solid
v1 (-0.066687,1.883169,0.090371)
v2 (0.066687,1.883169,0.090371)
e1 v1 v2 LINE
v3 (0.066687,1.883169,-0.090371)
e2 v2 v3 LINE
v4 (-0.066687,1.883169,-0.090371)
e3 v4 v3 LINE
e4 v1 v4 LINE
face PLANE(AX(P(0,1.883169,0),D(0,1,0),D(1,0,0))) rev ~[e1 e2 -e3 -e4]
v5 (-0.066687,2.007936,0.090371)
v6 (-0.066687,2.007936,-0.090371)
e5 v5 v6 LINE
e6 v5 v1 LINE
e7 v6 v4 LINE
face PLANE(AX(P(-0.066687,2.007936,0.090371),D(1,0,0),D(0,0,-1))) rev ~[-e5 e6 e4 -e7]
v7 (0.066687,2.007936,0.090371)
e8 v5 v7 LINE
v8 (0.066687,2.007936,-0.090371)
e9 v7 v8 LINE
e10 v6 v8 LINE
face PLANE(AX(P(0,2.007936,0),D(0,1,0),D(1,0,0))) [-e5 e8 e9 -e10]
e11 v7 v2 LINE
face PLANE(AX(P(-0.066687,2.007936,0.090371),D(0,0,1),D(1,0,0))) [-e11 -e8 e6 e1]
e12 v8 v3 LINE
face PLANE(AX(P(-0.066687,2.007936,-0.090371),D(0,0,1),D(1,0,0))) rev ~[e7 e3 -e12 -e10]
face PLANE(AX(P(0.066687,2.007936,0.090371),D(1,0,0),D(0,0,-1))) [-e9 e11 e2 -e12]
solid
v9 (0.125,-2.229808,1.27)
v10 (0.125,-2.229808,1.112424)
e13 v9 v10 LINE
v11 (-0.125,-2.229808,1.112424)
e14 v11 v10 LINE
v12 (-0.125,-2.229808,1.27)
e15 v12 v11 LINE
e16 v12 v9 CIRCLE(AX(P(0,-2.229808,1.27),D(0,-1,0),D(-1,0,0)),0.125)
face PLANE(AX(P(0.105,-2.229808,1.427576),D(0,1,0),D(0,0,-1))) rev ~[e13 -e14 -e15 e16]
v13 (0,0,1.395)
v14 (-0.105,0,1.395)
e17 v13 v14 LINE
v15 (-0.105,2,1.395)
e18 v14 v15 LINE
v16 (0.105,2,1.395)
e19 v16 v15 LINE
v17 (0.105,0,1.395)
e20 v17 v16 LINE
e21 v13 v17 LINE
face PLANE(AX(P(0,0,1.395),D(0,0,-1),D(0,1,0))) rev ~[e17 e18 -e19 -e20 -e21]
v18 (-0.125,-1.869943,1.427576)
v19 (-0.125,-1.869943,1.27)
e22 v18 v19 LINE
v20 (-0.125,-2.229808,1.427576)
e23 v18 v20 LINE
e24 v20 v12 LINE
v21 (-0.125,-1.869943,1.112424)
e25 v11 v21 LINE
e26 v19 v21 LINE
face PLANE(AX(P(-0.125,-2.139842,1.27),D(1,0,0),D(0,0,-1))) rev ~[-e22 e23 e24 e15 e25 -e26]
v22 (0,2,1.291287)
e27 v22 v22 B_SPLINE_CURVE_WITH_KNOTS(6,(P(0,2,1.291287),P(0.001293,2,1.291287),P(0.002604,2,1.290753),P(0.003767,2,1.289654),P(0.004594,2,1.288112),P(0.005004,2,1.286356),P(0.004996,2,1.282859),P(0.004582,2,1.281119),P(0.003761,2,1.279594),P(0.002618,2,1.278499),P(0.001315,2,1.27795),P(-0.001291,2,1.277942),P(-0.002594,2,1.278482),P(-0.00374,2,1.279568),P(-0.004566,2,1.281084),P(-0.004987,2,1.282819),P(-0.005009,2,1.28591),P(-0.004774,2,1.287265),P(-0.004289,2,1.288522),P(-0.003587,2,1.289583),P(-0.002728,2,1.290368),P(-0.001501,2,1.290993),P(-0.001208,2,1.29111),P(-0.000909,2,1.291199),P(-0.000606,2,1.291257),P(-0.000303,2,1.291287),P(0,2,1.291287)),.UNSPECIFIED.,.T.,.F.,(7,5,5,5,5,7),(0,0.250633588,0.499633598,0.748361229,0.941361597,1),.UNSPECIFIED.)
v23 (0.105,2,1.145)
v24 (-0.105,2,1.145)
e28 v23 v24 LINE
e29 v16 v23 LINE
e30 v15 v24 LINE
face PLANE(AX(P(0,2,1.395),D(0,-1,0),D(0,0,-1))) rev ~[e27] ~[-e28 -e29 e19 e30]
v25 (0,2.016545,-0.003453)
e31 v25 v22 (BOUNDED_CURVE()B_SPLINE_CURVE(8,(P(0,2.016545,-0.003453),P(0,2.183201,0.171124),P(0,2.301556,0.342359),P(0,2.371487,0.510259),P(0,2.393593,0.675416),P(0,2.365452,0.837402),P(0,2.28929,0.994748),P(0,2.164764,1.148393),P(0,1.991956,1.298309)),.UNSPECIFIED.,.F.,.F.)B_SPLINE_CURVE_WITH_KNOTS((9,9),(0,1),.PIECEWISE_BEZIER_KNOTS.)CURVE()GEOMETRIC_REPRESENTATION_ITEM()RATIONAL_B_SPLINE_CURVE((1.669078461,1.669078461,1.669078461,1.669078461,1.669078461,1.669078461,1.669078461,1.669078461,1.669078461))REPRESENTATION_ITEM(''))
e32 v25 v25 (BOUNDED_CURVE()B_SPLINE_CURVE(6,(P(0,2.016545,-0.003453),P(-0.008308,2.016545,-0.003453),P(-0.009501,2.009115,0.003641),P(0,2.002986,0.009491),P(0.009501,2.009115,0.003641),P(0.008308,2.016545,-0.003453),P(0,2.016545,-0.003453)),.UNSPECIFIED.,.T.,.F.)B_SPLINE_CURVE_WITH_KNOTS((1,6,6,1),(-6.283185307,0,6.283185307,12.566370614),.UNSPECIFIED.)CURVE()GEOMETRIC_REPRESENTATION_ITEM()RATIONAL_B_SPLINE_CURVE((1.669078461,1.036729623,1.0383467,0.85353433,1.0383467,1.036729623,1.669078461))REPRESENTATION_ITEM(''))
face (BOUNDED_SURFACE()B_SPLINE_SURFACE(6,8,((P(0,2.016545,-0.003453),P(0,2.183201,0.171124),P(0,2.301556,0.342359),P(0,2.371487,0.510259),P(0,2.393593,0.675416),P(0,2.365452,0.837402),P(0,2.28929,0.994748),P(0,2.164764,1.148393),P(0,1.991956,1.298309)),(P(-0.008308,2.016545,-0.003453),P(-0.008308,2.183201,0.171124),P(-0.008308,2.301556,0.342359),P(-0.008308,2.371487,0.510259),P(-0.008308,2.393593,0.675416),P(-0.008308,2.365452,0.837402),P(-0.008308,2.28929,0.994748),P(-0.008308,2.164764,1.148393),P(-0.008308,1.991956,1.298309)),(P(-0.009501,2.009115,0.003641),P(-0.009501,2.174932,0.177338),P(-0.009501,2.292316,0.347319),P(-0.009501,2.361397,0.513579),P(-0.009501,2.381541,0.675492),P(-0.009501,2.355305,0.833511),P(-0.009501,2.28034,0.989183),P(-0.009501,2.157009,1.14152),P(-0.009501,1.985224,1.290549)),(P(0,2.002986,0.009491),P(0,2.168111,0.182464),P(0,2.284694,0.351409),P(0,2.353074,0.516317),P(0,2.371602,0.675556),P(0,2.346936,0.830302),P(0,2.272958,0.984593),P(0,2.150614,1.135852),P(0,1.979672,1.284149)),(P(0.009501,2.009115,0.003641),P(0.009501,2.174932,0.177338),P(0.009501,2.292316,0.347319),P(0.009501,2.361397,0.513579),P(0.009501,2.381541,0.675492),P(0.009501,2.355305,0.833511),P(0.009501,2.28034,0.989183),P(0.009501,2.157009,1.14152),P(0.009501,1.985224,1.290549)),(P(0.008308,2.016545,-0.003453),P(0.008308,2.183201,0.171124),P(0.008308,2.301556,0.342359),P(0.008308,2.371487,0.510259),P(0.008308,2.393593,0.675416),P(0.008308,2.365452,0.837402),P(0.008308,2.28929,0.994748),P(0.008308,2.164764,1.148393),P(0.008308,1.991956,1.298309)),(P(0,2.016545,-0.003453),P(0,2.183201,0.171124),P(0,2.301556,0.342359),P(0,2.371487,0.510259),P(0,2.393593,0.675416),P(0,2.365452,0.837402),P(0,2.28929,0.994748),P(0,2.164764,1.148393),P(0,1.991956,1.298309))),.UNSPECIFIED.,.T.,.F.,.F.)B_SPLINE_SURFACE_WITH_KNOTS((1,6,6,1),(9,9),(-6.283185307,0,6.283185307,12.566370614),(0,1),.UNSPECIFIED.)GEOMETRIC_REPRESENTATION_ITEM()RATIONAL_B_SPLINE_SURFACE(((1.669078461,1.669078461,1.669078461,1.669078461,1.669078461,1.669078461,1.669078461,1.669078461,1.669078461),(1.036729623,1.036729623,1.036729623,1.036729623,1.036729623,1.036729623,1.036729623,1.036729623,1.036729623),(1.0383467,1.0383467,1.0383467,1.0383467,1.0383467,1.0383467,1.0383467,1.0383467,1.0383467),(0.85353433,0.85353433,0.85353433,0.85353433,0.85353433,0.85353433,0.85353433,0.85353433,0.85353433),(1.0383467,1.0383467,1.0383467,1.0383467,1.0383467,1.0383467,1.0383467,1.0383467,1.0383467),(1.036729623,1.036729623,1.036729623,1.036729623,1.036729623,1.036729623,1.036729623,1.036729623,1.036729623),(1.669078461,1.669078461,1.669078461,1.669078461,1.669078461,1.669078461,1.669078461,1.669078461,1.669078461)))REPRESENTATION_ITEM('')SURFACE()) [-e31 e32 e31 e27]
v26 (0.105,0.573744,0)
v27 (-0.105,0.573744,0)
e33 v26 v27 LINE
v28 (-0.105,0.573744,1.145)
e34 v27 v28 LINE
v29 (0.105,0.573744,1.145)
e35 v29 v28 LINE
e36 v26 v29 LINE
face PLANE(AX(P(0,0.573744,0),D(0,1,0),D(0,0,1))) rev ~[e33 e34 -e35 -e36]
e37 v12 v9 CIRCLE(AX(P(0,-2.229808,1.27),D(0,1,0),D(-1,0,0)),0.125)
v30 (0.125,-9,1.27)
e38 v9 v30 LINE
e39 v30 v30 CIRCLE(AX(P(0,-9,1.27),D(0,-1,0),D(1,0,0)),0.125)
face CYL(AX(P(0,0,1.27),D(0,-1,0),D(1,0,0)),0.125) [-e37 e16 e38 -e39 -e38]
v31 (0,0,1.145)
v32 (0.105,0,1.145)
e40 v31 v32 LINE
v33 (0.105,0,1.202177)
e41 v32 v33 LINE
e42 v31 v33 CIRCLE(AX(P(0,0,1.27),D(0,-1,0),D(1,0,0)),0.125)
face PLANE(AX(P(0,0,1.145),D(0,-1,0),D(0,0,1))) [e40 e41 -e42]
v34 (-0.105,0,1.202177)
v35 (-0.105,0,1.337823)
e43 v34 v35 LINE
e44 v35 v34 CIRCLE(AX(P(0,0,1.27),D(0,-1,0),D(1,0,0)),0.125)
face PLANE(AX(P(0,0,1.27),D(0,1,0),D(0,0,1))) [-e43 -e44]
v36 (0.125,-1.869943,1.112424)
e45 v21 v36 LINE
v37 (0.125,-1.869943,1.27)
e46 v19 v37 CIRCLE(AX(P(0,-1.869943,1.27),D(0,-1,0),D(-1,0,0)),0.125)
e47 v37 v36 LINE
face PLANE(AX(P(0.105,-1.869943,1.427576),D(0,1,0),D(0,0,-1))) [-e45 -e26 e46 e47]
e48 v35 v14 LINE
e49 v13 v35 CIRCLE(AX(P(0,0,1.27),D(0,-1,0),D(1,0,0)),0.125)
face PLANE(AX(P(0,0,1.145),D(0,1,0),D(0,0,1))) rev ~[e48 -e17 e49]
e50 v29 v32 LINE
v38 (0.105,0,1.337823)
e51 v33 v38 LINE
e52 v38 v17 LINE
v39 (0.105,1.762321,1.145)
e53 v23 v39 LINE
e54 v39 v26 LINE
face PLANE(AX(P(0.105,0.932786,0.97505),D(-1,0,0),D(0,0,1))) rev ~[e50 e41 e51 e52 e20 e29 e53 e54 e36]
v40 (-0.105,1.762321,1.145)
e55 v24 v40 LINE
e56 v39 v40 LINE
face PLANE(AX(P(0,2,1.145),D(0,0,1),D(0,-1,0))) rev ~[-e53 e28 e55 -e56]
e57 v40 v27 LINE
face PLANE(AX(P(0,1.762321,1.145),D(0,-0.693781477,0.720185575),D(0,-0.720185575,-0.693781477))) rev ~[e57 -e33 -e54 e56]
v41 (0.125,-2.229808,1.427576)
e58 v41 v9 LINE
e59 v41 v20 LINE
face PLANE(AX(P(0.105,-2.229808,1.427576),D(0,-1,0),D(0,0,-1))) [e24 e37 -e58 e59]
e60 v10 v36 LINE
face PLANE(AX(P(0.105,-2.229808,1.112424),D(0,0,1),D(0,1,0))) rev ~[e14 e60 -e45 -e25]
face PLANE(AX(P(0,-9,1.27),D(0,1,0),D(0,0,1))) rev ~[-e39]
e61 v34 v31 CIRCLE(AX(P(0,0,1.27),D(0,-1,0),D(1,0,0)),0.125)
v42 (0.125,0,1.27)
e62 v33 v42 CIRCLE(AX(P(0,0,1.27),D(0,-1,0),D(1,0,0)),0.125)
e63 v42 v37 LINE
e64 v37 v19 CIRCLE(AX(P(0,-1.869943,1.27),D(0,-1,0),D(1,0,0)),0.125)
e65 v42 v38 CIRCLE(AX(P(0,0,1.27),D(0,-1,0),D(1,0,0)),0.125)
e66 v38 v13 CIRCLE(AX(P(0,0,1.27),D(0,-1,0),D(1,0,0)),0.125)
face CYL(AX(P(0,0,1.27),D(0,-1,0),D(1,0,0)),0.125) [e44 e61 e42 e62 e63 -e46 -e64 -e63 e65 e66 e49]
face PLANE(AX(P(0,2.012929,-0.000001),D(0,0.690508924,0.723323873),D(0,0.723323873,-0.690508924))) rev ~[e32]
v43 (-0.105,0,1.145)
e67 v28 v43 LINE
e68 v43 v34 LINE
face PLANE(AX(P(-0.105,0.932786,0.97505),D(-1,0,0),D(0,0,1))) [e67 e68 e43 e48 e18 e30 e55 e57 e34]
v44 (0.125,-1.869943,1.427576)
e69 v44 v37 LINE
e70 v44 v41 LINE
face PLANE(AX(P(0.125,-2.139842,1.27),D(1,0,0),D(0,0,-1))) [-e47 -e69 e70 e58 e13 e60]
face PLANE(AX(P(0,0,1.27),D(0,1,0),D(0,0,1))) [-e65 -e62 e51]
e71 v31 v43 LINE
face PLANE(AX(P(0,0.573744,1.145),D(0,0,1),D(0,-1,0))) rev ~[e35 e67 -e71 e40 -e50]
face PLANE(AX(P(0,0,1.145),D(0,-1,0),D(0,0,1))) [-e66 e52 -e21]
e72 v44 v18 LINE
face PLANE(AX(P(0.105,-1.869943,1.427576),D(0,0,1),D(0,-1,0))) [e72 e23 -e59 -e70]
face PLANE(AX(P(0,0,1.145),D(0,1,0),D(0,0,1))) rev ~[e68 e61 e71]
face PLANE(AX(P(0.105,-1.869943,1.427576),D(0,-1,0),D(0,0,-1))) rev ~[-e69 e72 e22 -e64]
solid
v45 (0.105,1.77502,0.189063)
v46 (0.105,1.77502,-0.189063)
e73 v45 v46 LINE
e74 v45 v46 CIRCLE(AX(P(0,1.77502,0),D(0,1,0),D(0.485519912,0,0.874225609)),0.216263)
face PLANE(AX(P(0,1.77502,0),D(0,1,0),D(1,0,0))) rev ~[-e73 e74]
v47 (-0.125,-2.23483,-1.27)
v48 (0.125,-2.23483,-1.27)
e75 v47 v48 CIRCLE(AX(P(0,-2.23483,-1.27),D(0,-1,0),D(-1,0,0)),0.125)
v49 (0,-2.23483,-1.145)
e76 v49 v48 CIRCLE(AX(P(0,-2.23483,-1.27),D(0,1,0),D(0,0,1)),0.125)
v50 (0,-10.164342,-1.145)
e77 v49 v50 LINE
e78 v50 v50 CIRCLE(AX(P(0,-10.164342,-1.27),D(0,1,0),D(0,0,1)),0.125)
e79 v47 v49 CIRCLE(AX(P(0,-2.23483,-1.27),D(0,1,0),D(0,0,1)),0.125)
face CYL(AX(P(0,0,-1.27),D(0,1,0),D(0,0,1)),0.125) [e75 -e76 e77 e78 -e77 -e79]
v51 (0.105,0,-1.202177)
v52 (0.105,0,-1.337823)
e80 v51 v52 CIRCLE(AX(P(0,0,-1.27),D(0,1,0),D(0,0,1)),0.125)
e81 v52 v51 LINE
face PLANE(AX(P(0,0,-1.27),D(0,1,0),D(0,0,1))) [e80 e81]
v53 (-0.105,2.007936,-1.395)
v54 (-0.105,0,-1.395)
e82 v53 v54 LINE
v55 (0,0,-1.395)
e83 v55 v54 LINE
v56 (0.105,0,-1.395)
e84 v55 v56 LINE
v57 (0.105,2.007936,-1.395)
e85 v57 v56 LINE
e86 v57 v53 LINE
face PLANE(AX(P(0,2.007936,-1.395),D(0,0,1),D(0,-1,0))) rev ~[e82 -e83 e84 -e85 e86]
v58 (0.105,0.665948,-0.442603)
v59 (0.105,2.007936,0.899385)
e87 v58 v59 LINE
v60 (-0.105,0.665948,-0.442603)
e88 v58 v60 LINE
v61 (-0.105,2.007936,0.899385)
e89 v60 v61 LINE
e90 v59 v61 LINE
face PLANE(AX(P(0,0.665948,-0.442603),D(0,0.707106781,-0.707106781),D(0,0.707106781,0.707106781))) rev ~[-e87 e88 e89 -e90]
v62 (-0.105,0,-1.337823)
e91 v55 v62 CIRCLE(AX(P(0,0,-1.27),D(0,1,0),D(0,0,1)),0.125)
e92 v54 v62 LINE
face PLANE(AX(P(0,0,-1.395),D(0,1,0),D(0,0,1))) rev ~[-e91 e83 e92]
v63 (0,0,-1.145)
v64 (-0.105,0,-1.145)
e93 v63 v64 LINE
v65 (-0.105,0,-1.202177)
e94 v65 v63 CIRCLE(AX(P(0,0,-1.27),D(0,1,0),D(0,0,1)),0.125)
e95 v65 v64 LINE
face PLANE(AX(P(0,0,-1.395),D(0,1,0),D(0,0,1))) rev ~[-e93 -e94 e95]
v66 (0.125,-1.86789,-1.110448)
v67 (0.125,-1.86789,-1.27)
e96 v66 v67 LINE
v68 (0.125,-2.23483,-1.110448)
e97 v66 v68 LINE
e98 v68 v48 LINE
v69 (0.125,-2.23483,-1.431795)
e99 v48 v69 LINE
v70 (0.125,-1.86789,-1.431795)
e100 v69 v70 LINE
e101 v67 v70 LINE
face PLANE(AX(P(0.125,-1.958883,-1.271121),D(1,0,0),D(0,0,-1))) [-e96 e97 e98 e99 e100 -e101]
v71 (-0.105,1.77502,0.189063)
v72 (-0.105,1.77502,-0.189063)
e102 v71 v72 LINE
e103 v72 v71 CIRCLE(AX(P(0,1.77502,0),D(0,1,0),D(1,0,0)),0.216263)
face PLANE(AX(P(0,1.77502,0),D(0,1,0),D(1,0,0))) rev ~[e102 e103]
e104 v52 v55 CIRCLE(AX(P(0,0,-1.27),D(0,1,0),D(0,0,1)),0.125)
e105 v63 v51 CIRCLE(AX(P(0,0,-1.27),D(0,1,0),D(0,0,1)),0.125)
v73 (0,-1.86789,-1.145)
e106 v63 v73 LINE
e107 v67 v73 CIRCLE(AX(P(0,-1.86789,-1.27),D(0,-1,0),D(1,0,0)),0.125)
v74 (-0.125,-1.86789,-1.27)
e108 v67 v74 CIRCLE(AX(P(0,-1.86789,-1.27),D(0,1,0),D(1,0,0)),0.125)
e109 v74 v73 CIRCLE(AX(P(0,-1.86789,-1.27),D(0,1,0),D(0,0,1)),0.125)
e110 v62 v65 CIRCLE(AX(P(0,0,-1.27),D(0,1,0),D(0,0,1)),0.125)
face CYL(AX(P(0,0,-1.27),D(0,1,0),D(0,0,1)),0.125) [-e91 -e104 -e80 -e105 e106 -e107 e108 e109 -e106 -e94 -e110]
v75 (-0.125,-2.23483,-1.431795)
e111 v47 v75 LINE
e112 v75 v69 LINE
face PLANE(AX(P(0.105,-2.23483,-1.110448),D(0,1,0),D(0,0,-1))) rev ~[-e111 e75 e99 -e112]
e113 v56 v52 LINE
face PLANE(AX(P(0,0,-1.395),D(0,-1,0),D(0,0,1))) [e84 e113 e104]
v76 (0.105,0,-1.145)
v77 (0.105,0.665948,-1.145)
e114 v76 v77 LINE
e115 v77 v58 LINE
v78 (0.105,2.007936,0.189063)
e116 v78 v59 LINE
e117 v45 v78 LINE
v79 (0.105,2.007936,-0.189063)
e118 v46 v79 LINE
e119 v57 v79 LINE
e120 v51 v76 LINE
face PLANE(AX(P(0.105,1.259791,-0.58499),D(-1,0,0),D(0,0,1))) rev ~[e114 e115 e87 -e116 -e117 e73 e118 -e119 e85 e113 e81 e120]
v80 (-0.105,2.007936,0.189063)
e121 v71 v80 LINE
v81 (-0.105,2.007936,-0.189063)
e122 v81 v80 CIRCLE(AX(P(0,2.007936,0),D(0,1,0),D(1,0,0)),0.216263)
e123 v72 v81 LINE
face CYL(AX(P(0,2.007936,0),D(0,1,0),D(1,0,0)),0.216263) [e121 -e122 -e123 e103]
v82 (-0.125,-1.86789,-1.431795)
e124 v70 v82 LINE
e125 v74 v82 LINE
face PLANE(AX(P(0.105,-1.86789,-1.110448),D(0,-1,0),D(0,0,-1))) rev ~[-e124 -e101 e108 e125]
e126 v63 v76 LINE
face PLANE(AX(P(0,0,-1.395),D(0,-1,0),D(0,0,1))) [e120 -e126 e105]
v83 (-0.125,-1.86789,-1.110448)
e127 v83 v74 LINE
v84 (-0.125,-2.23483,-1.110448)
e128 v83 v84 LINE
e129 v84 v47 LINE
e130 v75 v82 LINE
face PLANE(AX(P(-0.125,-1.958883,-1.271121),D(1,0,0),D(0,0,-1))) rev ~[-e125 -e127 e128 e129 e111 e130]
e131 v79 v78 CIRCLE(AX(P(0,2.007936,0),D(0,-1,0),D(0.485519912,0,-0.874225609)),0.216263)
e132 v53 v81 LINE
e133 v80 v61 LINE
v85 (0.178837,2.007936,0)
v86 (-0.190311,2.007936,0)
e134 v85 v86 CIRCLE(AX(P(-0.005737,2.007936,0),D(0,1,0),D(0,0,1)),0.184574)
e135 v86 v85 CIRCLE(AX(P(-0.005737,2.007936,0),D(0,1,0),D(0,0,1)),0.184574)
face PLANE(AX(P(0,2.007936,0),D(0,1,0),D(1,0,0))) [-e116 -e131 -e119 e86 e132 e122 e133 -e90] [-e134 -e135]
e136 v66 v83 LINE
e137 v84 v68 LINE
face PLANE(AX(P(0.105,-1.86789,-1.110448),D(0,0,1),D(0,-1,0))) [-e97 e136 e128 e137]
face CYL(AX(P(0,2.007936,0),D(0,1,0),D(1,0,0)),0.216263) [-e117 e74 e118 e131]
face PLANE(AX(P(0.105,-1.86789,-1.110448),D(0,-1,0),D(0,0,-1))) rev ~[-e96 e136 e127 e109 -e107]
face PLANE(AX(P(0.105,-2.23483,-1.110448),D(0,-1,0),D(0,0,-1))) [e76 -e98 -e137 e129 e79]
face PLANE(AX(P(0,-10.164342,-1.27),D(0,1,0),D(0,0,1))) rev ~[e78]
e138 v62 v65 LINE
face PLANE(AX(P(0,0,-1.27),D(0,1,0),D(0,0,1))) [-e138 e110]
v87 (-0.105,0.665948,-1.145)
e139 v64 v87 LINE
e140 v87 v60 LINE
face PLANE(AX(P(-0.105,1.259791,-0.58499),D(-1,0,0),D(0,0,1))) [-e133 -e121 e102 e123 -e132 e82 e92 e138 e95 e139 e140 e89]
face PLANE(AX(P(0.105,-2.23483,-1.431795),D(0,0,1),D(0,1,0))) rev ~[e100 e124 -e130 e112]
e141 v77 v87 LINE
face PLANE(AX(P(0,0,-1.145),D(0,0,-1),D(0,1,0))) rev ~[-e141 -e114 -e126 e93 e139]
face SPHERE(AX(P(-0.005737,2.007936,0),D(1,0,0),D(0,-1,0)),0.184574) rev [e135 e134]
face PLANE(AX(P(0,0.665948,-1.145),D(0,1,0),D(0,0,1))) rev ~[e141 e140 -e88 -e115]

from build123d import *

# Parameters (mm, degrees)
SKETCH8_R                = 0.125
SKETCH10_R               = 0.125
BOSS_EXTRUDE2_DEPTH      = 10.164342442
BOSS_EXTRUDE4_DEPTH      = 0.105
BOSS_EXTRUDE4_DEPTH_BACK = 0.105
BOSS_EXTRUDE5_DEPTH      = 0.105
BOSS_EXTRUDE5_DEPTH_BACK = 0.105
SKETCH14_R               = 0.216263015
BOSS_EXTRUDE6_DEPTH      = 0.232915775
SKETCH18_W               = 0.133374126
SKETCH18_H               = 0.180742016
BOSS_EXTRUDE7_DEPTH      = 0.124766687
SWEEP2_PROFILE_R         = 0.005
SKETCH44_W               = 0.315151076
SKETCH44_H               = 0.179932759
SKETCH44_H_2             = 0.179932758
SKETCH44_W_2             = 0.321347092
SKETCH44_H_3             = 0.181986043
SKETCH44_H_4             = 0.184954596
BOSS_EXTRUDE8_DEPTH      = 0.02
BOSS_EXTRUDE8_DEPTH_BACK = 0.23


with BuildPart() as part:
    # Sweep1: sweep along a path in Sketch1
    with BuildLine(Plane(origin=(0, 0, 0), x_dir=(0, 0, -1), z_dir=(1, 0, 0))) as sweep1_path:
        Line((-1.27, 0), (-1.27, -9))
    # Sketch8 → Sweep1 (sweep)
    with BuildSketch(Plane(origin=(0, 0, 0), x_dir=(1, 0, 0), z_dir=(0, 1, 0))):
        with Locations((0, -1.27)):
            Circle(SKETCH8_R)
    sweep(path=sweep1_path.line)

    # Sketch12 → Boss-Extrude4 (add, two sides)
    with BuildSketch(Plane(origin=(0, 0, 0), x_dir=(0, 0, -1), z_dir=(1, 0, 0))) as boss_extrude4_sk:
        Polygon((-1.395, 0), (-1.395, 2), (-1.145, 2), (-1.145, 1.762321111), (0, 0.573744432), (-1.145, 0.573744432), (-1.145, 0), align=None)
    extrude(amount=BOSS_EXTRUDE4_DEPTH)
    extrude(boss_extrude4_sk.sketch, amount=-BOSS_EXTRUDE4_DEPTH_BACK)

    # Sweep2: sweep along a path in Sketch19
    with BuildLine() as sweep2_path:  # in the path sketch's own coordinates; laid on its plane below (add() does not lay a ready-made edge on the line's plane)
        add(Edge.make_bspline(
            [(0, 2.012928426), (-0.696593311, 2.67791947), (-1.294532201, 1.988679327)],
            knots=[0, 0, 0, 1, 1, 1], degree=2))
    # Sweep2 profile (on start of the path) → Sweep2 (sweep)
    with BuildSketch(Plane(origin=(0, 2.012928426, 0), x_dir=(0, 0.7233238733646169, -0.6905089240703612), z_dir=(0, 0.6905089240703612, 0.7233238733646169))):
        Circle(SWEEP2_PROFILE_R)
    sweep(path=Plane(origin=(0, 0, 0), x_dir=(0, 0, -1), z_dir=(1, 0, 0)) * sweep2_path.line)



with BuildPart() as body_2:
    # Sketch10 → Boss-Extrude2 (new body)
    with BuildSketch(Plane(origin=(0, 0, 0), x_dir=(1, 0, 0), z_dir=(0, 1, 0))):
        with Locations(Location((0, 1.27, 0), (0, 0, 270))):
            Circle(SKETCH10_R)
    extrude(amount=-BOSS_EXTRUDE2_DEPTH)

    # Sketch13 → Boss-Extrude5 (add, two sides)
    with BuildSketch(Plane(origin=(0, 0, 0), x_dir=(0, 0, -1), z_dir=(1, 0, 0))) as boss_extrude5_sk:
        Polygon((1.145, 0), (1.145, 0.665947897), (0.44260257, 0.665947897), (-0.899385322, 2.007935789), (1.27, 2.007935789), (1.395, 2.007935789), (1.395, 0), align=None)
    extrude(amount=BOSS_EXTRUDE5_DEPTH)
    extrude(boss_extrude5_sk.sketch, amount=-BOSS_EXTRUDE5_DEPTH_BACK)

    # Sketch14 → Boss-Extrude6 (add)
    with BuildSketch(Plane(origin=(0, 2.007935789, 0), x_dir=(1, 0, 0), z_dir=(0, 1, 0))):
        Circle(SKETCH14_R)
    extrude(amount=-BOSS_EXTRUDE6_DEPTH)

    # Sketch15 → Cut-Revolve8 (revolve, cut)
    with BuildSketch(Plane.XY):
        with BuildLine():
            Line((0.178837074, 2.007935789), (-0.19031102, 2.007935789))
            ThreePointArc((-0.19031102, 2.007935789), (-0.005736973, 1.823361742), (0.178837074, 2.007935789))
        make_face()
    revolve(axis=Axis((0.178837074, 2.007935789, 0), (-1, 0, 0)), mode=Mode.SUBTRACT)


with BuildPart() as body_3:
    # Sketch18 → Boss-Extrude7 (new body)
    with BuildSketch(Plane(origin=(0, 2.007935789, 0), x_dir=(1, 0, 0), z_dir=(0, 1, 0))):
        Rectangle(SKETCH18_W, SKETCH18_H)
    extrude(amount=-BOSS_EXTRUDE7_DEPTH)


with BuildPart() as part_1:
    add(part.part)

    add(body_2.part)  # Boss-Extrude8 merges body 2
    # Sketch44 → Boss-Extrude8 (add, two sides)
    with BuildSketch(Plane(origin=(0.105, 0, 0), x_dir=(0, 0, -1), z_dir=(1, 0, 0))) as boss_extrude8_sk:
        with Locations((-1.27, -2.139842094)):
            Rectangle(SKETCH44_W, SKETCH44_H)
        with Locations((-1.27, -1.959909335)):
            Rectangle(SKETCH44_W, SKETCH44_H_2)
        with Locations((1.271121429, -1.958882693)):
            Rectangle(SKETCH44_W_2, SKETCH44_H_3)
        with Locations((1.271121429, -2.142353012)):
            Rectangle(SKETCH44_W_2, SKETCH44_H_4)
    extrude(amount=BOSS_EXTRUDE8_DEPTH)
    extrude(boss_extrude8_sk.sketch, amount=-BOSS_EXTRUDE8_DEPTH_BACK)


solid = Compound([body_3.part, part_1.part])
